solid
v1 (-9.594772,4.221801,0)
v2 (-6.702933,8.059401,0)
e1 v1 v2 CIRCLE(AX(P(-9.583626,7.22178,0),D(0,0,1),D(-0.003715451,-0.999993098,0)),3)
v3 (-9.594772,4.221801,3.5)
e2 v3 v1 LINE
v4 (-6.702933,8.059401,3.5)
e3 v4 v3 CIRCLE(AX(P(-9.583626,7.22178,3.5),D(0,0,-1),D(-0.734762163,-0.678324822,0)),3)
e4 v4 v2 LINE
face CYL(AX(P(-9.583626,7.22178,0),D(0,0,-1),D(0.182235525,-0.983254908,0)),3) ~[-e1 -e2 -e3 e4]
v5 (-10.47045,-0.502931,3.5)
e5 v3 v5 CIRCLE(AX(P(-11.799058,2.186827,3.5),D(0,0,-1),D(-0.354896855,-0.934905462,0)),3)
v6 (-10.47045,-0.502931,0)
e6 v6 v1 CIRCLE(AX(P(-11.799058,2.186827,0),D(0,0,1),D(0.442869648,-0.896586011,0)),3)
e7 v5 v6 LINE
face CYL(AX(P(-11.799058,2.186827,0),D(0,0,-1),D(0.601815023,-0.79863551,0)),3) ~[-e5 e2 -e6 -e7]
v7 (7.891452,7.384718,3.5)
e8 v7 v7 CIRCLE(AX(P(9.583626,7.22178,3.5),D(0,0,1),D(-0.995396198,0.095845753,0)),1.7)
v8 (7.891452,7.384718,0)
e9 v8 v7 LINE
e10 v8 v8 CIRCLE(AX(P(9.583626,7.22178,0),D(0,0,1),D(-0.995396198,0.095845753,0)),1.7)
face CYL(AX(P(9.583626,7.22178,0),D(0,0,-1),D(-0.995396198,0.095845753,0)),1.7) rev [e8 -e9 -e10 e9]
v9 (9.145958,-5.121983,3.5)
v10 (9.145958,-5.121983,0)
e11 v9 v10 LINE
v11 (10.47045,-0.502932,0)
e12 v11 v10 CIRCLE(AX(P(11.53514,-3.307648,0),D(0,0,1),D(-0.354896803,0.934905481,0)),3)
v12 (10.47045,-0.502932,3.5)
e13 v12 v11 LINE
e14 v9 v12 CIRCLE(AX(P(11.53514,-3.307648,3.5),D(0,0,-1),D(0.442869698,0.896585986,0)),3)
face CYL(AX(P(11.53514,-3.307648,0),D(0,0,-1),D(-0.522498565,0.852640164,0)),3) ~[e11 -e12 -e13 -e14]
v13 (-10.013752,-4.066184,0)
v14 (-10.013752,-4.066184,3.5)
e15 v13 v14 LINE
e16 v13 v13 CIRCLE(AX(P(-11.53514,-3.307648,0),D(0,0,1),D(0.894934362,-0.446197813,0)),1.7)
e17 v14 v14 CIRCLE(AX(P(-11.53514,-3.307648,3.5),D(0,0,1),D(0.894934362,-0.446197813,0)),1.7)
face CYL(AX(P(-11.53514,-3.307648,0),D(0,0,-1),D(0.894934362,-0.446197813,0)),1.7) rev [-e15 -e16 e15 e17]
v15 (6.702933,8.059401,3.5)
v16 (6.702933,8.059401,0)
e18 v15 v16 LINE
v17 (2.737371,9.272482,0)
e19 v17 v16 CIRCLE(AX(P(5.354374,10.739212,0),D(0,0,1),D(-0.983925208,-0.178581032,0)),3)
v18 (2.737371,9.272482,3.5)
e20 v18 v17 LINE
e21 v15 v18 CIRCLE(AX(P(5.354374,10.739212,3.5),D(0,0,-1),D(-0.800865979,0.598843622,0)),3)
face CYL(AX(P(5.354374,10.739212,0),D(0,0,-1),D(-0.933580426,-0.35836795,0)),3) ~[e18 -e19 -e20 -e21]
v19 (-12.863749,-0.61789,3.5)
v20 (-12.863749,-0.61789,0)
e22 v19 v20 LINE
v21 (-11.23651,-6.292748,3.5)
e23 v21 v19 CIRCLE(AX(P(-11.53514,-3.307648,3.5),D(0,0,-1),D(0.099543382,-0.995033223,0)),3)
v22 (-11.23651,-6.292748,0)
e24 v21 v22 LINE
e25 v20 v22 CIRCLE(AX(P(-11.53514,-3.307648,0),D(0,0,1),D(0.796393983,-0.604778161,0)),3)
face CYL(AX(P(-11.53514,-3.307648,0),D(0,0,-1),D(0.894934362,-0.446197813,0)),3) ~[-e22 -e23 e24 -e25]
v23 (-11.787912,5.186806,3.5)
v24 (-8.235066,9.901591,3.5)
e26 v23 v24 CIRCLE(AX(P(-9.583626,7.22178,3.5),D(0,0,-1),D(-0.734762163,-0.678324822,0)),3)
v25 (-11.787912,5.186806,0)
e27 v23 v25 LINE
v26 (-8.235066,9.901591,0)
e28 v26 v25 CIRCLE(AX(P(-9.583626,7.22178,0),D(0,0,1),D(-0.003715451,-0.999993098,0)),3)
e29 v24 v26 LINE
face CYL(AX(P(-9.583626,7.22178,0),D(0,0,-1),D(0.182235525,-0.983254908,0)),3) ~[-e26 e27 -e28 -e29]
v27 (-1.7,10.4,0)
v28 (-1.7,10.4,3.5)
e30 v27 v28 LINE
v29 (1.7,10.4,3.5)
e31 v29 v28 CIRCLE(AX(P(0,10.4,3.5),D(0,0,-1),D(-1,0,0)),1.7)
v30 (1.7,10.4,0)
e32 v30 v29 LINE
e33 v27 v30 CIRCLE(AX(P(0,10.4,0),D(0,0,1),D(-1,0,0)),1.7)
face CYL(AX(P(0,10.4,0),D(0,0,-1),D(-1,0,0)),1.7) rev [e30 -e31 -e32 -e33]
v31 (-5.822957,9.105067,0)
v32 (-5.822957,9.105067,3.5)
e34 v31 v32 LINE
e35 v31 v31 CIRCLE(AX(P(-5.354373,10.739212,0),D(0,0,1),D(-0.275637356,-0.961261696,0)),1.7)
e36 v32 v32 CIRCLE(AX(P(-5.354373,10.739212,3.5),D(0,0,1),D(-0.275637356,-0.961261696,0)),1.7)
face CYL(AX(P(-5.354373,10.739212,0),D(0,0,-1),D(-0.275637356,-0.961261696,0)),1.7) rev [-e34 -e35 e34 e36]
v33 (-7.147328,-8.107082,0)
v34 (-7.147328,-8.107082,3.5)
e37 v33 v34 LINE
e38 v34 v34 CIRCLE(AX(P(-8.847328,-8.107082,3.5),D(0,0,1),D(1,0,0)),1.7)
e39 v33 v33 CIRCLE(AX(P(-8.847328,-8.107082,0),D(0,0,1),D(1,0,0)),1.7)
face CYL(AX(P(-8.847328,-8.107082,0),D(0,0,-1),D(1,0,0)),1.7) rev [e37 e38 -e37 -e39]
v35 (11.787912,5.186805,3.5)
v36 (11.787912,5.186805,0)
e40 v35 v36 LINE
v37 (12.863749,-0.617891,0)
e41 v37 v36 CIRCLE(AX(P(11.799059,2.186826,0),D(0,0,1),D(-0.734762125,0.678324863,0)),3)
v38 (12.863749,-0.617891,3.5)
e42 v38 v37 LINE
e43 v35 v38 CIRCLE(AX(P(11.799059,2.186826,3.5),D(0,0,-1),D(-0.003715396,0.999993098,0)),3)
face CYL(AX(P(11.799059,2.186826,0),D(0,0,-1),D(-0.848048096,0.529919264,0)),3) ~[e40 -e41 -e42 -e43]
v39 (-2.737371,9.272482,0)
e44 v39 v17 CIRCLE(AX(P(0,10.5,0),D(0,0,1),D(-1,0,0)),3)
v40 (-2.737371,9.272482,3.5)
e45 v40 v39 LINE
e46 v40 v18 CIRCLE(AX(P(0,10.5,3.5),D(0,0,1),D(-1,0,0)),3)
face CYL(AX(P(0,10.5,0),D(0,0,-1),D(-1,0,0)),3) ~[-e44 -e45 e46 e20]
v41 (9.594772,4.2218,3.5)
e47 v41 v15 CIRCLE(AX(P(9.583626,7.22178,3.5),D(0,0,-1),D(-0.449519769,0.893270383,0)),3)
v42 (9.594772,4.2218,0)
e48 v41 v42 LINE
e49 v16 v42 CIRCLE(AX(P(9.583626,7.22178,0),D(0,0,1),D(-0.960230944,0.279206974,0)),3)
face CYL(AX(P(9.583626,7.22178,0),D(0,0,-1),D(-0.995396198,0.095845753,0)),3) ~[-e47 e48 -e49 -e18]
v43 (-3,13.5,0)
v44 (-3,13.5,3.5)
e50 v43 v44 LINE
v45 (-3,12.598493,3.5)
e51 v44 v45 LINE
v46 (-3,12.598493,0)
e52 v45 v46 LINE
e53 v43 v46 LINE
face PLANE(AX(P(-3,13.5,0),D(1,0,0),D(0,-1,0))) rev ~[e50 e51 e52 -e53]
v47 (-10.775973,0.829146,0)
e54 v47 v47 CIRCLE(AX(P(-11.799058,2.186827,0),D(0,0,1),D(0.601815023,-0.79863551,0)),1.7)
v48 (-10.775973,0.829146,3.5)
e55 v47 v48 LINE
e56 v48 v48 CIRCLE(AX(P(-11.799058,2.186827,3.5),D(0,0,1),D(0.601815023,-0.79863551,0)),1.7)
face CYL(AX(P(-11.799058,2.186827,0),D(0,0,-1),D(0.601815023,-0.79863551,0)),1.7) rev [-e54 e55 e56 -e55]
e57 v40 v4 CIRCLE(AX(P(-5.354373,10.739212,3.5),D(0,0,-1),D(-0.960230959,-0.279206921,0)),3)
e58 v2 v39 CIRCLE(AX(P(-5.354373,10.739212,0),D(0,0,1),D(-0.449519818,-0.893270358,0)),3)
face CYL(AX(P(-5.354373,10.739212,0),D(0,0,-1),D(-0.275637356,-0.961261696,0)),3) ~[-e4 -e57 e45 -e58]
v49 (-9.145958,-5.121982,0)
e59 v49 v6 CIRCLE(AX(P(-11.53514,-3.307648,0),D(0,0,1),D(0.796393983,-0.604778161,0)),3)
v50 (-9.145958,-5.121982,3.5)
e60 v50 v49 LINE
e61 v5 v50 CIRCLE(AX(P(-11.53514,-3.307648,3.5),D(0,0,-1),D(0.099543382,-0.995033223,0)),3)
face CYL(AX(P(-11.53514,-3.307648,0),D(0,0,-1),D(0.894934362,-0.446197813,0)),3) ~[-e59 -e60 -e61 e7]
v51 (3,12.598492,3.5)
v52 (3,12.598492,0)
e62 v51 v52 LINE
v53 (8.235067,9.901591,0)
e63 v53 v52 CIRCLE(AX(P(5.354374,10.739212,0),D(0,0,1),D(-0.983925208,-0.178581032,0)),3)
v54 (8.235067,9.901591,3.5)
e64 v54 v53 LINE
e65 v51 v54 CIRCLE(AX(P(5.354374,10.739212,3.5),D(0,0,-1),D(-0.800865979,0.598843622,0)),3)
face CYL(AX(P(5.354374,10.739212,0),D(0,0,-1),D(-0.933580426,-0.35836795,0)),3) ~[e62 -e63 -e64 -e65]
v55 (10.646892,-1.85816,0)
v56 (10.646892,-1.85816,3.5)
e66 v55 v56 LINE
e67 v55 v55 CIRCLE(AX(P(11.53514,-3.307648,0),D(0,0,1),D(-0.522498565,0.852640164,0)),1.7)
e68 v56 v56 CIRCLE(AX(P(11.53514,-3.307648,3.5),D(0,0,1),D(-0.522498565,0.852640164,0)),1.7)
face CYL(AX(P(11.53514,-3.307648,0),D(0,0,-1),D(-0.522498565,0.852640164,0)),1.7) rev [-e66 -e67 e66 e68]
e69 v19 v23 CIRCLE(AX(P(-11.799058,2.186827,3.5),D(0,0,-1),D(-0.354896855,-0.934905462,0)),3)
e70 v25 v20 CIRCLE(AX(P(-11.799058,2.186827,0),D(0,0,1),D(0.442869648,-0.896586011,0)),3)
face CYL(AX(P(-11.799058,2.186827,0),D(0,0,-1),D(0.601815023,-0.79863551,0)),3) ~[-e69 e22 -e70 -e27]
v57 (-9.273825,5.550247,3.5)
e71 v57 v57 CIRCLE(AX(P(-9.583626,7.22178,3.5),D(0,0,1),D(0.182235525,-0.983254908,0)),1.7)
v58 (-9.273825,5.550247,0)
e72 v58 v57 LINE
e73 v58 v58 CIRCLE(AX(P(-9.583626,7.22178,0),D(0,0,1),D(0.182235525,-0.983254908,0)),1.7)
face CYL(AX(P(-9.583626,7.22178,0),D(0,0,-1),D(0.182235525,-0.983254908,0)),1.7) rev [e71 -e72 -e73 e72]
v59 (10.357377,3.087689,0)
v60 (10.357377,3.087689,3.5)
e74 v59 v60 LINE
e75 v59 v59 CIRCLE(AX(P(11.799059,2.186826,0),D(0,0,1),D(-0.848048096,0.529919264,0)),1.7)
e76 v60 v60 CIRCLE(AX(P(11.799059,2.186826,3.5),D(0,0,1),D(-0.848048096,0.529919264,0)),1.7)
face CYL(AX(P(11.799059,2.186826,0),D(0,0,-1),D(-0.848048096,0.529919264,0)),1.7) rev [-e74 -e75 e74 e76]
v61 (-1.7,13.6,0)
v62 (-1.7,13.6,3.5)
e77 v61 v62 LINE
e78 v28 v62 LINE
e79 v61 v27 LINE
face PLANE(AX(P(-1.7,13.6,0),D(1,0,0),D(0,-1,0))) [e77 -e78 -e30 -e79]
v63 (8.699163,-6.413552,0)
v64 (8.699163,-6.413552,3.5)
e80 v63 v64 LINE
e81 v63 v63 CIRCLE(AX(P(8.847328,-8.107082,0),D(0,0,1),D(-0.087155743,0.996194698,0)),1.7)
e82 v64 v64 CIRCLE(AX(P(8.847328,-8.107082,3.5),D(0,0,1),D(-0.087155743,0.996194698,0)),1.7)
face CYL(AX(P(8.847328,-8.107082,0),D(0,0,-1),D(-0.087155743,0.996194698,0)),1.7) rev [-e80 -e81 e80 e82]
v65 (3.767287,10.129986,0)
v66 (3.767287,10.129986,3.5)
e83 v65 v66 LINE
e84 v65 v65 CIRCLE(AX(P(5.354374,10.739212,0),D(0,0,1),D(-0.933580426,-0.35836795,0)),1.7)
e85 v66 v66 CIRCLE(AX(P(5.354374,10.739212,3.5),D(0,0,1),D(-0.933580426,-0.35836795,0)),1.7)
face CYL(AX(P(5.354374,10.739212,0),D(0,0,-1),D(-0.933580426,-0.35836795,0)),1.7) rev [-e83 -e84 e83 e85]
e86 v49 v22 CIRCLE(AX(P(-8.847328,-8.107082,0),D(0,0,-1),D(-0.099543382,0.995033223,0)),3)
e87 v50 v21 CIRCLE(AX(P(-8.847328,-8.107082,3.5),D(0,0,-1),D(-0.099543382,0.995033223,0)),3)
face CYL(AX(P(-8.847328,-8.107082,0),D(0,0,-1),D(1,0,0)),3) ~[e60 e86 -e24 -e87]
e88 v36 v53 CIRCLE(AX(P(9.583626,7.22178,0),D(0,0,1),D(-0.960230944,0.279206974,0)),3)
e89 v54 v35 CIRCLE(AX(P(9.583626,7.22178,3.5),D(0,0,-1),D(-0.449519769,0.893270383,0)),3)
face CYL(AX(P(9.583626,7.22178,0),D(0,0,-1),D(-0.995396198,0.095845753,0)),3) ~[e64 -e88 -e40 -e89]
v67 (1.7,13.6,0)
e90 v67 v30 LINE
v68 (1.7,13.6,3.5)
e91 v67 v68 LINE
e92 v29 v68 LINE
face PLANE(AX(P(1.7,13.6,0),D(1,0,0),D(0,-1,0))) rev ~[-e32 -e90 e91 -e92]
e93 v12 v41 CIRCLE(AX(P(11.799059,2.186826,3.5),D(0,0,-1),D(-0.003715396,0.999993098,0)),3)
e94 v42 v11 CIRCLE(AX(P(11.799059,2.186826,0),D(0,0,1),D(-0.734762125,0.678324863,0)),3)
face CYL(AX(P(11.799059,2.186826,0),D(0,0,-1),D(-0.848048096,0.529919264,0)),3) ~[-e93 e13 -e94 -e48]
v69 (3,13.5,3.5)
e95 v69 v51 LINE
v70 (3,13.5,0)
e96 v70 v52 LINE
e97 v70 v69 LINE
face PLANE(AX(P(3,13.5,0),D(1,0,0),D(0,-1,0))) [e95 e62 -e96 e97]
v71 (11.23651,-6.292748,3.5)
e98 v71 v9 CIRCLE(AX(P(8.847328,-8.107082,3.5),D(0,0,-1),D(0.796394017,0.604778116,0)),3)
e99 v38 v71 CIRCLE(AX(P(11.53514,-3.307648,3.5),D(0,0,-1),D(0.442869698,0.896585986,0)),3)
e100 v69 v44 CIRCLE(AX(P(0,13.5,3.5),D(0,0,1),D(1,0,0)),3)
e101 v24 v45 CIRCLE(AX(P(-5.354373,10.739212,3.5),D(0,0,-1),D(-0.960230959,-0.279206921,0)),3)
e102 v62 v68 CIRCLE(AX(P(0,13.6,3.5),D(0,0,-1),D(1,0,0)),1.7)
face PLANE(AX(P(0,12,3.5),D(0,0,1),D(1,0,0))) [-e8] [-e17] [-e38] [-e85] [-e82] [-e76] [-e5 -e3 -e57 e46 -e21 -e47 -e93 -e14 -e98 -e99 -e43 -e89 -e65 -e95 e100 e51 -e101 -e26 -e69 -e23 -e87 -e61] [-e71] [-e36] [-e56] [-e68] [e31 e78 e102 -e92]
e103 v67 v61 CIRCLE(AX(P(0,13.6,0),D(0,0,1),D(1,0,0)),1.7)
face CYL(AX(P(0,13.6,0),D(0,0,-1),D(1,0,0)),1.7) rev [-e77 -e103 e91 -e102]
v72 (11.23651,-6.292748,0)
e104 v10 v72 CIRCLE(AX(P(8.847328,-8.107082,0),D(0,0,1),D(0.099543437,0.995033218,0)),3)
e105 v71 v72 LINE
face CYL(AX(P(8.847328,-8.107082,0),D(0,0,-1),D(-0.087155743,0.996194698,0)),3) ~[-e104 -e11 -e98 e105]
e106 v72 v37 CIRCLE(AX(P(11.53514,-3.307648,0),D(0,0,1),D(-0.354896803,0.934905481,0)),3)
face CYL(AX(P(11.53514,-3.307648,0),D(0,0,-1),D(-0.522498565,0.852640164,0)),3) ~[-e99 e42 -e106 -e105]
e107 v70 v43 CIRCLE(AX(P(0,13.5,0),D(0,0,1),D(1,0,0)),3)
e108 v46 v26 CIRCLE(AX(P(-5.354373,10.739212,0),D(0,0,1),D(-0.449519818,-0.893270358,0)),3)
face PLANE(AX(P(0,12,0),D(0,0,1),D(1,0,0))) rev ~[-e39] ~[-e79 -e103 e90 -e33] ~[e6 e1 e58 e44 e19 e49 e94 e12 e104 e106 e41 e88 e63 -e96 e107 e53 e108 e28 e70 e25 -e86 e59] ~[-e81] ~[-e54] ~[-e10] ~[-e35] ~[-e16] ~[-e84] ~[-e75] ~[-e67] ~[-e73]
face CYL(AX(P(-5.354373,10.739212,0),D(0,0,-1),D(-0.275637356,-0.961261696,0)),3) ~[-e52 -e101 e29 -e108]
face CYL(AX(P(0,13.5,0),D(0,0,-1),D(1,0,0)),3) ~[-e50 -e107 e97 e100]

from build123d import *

# Parameters (mm, degrees)
SKETCH_R           = 3
SKETCH_R_2         = 1.7
PAD_DEPTH          = 3.5
POLARPATTERN_COUNT = 11
POLARPATTERN_ANGLE = 265
PAD001_DEPTH       = 3.5
POCKET_DEPTH       = 0.001
POCKET_DEPTH_BACK  = -3.501


with BuildPart() as part:
    # Sketch → Pad (new body)
    with BuildSketch(Plane.XY):
        with Locations((-8.847328, -8.107082)):
            Circle(SKETCH_R)
        with Locations((-8.847328, -8.107082)):
            Circle(SKETCH_R_2, mode=Mode.SUBTRACT)
    pad = extrude(amount=PAD_DEPTH)

    # PolarPattern: Pad ×11 about axis
    polarpattern_axis = Axis((0, 0, 0), (0, 0, -1))
    for i in range(1, POLARPATTERN_COUNT):
        add(pad.rotate(polarpattern_axis, i * POLARPATTERN_ANGLE / (POLARPATTERN_COUNT - 1)))

    # Sketch001 → Pad001 (join)
    with BuildSketch(Plane.XY):
        with BuildLine():
            ThreePointArc((3, 13.5), (0, 16.5), (-3, 13.5))
            Line((-3, 13.5), (-3, 10.5))
            ThreePointArc((-3, 10.5), (0, 7.5), (3, 10.5))
            Line((3, 13.5), (3, 10.5))
        make_face()
    extrude(amount=PAD001_DEPTH)

    # Sketch002 → Pocket (cut, two sides)
    with BuildSketch(Plane.XY) as pocket_sk:
        with BuildLine():
            ThreePointArc((1.7, 13.6), (0, 15.3), (-1.7, 13.6))
            Line((-1.7, 13.6), (-1.7, 10.4))
            ThreePointArc((-1.7, 10.4), (0, 8.7), (1.7, 10.4))
            Line((1.7, 13.6), (1.7, 10.4))
        make_face()
    extrude(amount=-POCKET_DEPTH, mode=Mode.SUBTRACT)
    extrude(pocket_sk.sketch, amount=-POCKET_DEPTH_BACK, mode=Mode.SUBTRACT)


solid = part.part
